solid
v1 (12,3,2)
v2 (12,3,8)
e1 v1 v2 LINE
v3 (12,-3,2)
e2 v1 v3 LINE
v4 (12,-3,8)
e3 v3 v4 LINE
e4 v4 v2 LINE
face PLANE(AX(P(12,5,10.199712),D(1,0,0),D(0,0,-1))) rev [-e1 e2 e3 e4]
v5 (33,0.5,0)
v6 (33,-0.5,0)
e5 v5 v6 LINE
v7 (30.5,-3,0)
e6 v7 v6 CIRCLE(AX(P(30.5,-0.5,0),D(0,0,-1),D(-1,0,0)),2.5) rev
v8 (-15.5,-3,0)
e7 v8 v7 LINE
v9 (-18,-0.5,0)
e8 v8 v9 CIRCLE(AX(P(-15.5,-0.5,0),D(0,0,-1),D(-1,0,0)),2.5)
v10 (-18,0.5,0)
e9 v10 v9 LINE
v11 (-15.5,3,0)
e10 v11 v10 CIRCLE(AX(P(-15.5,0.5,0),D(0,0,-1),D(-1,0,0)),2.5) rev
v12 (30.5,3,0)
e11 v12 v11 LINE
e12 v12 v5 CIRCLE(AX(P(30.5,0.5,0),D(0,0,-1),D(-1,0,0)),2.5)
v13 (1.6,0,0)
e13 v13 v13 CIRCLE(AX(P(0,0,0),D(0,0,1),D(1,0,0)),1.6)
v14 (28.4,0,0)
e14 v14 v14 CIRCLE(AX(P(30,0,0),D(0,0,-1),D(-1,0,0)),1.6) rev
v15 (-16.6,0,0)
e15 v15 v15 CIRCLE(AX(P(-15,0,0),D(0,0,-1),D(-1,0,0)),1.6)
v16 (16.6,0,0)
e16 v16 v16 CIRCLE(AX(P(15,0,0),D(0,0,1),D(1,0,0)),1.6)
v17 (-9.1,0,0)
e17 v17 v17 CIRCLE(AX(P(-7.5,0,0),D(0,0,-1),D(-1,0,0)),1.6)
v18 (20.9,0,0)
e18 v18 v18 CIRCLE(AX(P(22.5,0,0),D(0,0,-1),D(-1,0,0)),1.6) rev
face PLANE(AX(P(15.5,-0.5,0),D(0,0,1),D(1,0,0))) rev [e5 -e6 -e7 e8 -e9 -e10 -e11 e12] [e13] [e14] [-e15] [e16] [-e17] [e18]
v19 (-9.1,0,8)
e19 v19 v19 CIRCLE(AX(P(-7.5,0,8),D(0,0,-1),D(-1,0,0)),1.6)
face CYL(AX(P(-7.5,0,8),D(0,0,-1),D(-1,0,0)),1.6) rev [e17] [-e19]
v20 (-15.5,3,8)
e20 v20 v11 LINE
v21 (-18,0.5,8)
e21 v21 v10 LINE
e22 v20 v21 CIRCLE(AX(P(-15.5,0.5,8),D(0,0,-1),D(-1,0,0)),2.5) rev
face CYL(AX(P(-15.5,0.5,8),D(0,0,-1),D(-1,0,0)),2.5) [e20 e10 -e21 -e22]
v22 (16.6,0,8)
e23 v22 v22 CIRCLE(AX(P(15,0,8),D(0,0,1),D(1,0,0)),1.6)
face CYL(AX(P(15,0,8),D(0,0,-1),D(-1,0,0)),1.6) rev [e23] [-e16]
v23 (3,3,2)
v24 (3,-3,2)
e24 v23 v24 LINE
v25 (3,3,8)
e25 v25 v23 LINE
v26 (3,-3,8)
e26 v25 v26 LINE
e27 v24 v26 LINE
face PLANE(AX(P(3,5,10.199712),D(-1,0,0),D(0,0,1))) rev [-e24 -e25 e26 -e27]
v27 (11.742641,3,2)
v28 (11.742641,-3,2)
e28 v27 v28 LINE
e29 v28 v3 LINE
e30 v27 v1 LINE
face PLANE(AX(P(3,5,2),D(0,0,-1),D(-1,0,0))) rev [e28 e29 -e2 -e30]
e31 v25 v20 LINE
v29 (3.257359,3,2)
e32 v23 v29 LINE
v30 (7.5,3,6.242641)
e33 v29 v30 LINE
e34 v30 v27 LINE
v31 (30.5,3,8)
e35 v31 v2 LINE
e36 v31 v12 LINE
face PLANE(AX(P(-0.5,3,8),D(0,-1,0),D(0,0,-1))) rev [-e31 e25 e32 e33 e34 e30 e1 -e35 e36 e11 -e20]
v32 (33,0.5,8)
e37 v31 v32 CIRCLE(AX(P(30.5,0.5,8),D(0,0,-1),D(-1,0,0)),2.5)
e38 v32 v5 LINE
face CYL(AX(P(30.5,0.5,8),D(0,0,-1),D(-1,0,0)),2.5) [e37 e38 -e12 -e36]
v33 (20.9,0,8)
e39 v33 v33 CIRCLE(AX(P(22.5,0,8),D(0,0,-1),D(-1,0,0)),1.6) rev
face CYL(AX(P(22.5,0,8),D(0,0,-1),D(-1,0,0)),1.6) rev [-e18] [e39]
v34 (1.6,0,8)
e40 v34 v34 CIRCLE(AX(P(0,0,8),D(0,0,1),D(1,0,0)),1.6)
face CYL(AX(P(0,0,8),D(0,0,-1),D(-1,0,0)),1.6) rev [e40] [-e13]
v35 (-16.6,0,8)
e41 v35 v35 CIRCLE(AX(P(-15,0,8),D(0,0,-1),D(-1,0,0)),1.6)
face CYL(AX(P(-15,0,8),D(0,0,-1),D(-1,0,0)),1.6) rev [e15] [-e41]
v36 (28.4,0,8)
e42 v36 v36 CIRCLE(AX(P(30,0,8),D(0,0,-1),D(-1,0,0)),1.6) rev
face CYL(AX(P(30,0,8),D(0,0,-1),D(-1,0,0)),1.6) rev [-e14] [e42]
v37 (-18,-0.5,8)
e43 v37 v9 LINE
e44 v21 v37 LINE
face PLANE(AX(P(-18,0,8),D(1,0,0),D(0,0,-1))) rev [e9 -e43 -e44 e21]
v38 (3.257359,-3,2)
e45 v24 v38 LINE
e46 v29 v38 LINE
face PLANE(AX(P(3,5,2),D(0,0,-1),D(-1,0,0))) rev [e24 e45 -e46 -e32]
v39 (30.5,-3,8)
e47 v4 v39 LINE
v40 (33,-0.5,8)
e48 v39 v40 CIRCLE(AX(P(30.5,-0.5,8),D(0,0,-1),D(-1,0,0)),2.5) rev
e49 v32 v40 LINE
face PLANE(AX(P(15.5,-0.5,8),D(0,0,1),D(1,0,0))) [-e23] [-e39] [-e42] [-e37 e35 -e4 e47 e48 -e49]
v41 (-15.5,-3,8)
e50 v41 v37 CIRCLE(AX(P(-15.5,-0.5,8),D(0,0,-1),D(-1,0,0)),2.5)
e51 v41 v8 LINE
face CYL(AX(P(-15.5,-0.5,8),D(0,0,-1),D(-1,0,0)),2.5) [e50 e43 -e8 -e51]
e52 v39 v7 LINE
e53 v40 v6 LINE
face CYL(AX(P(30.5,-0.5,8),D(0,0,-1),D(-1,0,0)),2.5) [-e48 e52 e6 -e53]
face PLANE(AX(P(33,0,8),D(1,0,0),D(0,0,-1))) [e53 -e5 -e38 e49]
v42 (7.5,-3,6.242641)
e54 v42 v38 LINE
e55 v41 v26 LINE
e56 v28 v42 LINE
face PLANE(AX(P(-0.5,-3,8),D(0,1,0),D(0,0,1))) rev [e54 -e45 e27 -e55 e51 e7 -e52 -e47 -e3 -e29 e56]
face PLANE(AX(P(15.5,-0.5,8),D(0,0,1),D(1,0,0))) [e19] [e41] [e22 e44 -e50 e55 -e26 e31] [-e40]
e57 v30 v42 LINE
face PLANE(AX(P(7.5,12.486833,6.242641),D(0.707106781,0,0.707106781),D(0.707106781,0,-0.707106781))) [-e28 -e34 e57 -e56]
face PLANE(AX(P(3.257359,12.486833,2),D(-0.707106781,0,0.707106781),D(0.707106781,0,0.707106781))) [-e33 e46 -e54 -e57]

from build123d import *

# Parameters (mm, degrees)
SKETCH1_R           = 1.6
BOSS_EXTRUDE1_DEPTH = 8
SKETCH2_W           = 9
SKETCH2_H           = 8.199711987
CUT_EXTRUDE1_DEPTH  = 8
BOSS_EXTRUDE2_DEPTH = 6
SKETCH4_R           = 1.6
BOSS_EXTRUDE3_DEPTH = 8


with BuildPart() as part:
    # Sketch1 → Boss-Extrude1 (new body)
    with BuildSketch(Plane.XY):
        with BuildLine():
            Line((-0.5, 3), (15.5, 3))
            ThreePointArc((15.5, 3), (17.267766953, 2.267766953), (18, 0.5))
            Line((18, 0.5), (18, -0.5))
            ThreePointArc((18, -0.5), (17.267766953, -2.267766953), (15.5, -3))
            Line((15.5, -3), (-0.5, -3))
            ThreePointArc((-0.5, -3), (-2.267766953, -2.267766953), (-3, -0.5))
            Line((-3, -0.5), (-3, 0.5))
            ThreePointArc((-3, 0.5), (-2.267766953, 2.267766953), (-0.5, 3))
        make_face()
        Circle(SKETCH1_R, mode=Mode.SUBTRACT)
        with Locations((15, 0)):
            Circle(SKETCH1_R, mode=Mode.SUBTRACT)
    extrude(amount=BOSS_EXTRUDE1_DEPTH)

    # Sketch2 → Cut-Extrude1 (cut)
    with BuildSketch(Plane.XZ.offset(3)):
        with Locations((7.5, 6.099855994)):
            Rectangle(SKETCH2_W, SKETCH2_H)
    extrude(amount=-CUT_EXTRUDE1_DEPTH, mode=Mode.SUBTRACT)

    # Sketch3 → Boss-Extrude2 (add)
    with BuildSketch(Plane.XZ.offset(3)):
        Polygon((3.257359313, 2), (7.5, 6.242640687), (11.742640687, 2), align=None)
    extrude(amount=-BOSS_EXTRUDE2_DEPTH)

    # Sketch4 → Boss-Extrude3 (add)
    with BuildSketch(Plane(origin=(0, 0, 0), x_dir=(-1, 0, 0), z_dir=(0, 0, -1))):
        with BuildLine():
            Line((15.5, 3), (0.5, 3))
            ThreePointArc((0.5, 3), (2.267766953, 2.267766953), (3, 0.5))
            Line((3, 0.5), (3, -0.5))
            ThreePointArc((3, -0.5), (2.267766953, -2.267766953), (0.5, -3))
            Line((0.5, -3), (15.5, -3))
            ThreePointArc((15.5, -3), (17.267766953, -2.267766953), (18, -0.5))
            Line((18, -0.5), (18, 0.5))
            ThreePointArc((18, 0.5), (17.267766953, 2.267766953), (15.5, 3))
        make_face()
        with Locations((7.5, 0)):
            Circle(SKETCH4_R, mode=Mode.SUBTRACT)
        with Locations((15, 0)):
            Circle(SKETCH4_R, mode=Mode.SUBTRACT)
        with BuildLine():
            ThreePointArc((-18, 0.5), (-17.267766953, 2.267766953), (-15.5, 3))
            Line((-15.5, 3), (-30.5, 3))
            ThreePointArc((-30.5, 3), (-32.267766953, 2.267766953), (-33, 0.5))
            Line((-33, 0.5), (-33, -0.5))
            ThreePointArc((-33, -0.5), (-32.267766953, -2.267766953), (-30.5, -3))
            Line((-30.5, -3), (-15.5, -3))
            ThreePointArc((-15.5, -3), (-17.267766953, -2.267766953), (-18, -0.5))
            Line((-18, -0.5), (-18, 0.5))
        make_face()
        with Locations((-30, 0)):
            Circle(SKETCH4_R, mode=Mode.SUBTRACT)
        with Locations((-22.5, 0)):
            Circle(SKETCH4_R, mode=Mode.SUBTRACT)
    extrude(amount=-BOSS_EXTRUDE3_DEPTH)


solid = part.part
